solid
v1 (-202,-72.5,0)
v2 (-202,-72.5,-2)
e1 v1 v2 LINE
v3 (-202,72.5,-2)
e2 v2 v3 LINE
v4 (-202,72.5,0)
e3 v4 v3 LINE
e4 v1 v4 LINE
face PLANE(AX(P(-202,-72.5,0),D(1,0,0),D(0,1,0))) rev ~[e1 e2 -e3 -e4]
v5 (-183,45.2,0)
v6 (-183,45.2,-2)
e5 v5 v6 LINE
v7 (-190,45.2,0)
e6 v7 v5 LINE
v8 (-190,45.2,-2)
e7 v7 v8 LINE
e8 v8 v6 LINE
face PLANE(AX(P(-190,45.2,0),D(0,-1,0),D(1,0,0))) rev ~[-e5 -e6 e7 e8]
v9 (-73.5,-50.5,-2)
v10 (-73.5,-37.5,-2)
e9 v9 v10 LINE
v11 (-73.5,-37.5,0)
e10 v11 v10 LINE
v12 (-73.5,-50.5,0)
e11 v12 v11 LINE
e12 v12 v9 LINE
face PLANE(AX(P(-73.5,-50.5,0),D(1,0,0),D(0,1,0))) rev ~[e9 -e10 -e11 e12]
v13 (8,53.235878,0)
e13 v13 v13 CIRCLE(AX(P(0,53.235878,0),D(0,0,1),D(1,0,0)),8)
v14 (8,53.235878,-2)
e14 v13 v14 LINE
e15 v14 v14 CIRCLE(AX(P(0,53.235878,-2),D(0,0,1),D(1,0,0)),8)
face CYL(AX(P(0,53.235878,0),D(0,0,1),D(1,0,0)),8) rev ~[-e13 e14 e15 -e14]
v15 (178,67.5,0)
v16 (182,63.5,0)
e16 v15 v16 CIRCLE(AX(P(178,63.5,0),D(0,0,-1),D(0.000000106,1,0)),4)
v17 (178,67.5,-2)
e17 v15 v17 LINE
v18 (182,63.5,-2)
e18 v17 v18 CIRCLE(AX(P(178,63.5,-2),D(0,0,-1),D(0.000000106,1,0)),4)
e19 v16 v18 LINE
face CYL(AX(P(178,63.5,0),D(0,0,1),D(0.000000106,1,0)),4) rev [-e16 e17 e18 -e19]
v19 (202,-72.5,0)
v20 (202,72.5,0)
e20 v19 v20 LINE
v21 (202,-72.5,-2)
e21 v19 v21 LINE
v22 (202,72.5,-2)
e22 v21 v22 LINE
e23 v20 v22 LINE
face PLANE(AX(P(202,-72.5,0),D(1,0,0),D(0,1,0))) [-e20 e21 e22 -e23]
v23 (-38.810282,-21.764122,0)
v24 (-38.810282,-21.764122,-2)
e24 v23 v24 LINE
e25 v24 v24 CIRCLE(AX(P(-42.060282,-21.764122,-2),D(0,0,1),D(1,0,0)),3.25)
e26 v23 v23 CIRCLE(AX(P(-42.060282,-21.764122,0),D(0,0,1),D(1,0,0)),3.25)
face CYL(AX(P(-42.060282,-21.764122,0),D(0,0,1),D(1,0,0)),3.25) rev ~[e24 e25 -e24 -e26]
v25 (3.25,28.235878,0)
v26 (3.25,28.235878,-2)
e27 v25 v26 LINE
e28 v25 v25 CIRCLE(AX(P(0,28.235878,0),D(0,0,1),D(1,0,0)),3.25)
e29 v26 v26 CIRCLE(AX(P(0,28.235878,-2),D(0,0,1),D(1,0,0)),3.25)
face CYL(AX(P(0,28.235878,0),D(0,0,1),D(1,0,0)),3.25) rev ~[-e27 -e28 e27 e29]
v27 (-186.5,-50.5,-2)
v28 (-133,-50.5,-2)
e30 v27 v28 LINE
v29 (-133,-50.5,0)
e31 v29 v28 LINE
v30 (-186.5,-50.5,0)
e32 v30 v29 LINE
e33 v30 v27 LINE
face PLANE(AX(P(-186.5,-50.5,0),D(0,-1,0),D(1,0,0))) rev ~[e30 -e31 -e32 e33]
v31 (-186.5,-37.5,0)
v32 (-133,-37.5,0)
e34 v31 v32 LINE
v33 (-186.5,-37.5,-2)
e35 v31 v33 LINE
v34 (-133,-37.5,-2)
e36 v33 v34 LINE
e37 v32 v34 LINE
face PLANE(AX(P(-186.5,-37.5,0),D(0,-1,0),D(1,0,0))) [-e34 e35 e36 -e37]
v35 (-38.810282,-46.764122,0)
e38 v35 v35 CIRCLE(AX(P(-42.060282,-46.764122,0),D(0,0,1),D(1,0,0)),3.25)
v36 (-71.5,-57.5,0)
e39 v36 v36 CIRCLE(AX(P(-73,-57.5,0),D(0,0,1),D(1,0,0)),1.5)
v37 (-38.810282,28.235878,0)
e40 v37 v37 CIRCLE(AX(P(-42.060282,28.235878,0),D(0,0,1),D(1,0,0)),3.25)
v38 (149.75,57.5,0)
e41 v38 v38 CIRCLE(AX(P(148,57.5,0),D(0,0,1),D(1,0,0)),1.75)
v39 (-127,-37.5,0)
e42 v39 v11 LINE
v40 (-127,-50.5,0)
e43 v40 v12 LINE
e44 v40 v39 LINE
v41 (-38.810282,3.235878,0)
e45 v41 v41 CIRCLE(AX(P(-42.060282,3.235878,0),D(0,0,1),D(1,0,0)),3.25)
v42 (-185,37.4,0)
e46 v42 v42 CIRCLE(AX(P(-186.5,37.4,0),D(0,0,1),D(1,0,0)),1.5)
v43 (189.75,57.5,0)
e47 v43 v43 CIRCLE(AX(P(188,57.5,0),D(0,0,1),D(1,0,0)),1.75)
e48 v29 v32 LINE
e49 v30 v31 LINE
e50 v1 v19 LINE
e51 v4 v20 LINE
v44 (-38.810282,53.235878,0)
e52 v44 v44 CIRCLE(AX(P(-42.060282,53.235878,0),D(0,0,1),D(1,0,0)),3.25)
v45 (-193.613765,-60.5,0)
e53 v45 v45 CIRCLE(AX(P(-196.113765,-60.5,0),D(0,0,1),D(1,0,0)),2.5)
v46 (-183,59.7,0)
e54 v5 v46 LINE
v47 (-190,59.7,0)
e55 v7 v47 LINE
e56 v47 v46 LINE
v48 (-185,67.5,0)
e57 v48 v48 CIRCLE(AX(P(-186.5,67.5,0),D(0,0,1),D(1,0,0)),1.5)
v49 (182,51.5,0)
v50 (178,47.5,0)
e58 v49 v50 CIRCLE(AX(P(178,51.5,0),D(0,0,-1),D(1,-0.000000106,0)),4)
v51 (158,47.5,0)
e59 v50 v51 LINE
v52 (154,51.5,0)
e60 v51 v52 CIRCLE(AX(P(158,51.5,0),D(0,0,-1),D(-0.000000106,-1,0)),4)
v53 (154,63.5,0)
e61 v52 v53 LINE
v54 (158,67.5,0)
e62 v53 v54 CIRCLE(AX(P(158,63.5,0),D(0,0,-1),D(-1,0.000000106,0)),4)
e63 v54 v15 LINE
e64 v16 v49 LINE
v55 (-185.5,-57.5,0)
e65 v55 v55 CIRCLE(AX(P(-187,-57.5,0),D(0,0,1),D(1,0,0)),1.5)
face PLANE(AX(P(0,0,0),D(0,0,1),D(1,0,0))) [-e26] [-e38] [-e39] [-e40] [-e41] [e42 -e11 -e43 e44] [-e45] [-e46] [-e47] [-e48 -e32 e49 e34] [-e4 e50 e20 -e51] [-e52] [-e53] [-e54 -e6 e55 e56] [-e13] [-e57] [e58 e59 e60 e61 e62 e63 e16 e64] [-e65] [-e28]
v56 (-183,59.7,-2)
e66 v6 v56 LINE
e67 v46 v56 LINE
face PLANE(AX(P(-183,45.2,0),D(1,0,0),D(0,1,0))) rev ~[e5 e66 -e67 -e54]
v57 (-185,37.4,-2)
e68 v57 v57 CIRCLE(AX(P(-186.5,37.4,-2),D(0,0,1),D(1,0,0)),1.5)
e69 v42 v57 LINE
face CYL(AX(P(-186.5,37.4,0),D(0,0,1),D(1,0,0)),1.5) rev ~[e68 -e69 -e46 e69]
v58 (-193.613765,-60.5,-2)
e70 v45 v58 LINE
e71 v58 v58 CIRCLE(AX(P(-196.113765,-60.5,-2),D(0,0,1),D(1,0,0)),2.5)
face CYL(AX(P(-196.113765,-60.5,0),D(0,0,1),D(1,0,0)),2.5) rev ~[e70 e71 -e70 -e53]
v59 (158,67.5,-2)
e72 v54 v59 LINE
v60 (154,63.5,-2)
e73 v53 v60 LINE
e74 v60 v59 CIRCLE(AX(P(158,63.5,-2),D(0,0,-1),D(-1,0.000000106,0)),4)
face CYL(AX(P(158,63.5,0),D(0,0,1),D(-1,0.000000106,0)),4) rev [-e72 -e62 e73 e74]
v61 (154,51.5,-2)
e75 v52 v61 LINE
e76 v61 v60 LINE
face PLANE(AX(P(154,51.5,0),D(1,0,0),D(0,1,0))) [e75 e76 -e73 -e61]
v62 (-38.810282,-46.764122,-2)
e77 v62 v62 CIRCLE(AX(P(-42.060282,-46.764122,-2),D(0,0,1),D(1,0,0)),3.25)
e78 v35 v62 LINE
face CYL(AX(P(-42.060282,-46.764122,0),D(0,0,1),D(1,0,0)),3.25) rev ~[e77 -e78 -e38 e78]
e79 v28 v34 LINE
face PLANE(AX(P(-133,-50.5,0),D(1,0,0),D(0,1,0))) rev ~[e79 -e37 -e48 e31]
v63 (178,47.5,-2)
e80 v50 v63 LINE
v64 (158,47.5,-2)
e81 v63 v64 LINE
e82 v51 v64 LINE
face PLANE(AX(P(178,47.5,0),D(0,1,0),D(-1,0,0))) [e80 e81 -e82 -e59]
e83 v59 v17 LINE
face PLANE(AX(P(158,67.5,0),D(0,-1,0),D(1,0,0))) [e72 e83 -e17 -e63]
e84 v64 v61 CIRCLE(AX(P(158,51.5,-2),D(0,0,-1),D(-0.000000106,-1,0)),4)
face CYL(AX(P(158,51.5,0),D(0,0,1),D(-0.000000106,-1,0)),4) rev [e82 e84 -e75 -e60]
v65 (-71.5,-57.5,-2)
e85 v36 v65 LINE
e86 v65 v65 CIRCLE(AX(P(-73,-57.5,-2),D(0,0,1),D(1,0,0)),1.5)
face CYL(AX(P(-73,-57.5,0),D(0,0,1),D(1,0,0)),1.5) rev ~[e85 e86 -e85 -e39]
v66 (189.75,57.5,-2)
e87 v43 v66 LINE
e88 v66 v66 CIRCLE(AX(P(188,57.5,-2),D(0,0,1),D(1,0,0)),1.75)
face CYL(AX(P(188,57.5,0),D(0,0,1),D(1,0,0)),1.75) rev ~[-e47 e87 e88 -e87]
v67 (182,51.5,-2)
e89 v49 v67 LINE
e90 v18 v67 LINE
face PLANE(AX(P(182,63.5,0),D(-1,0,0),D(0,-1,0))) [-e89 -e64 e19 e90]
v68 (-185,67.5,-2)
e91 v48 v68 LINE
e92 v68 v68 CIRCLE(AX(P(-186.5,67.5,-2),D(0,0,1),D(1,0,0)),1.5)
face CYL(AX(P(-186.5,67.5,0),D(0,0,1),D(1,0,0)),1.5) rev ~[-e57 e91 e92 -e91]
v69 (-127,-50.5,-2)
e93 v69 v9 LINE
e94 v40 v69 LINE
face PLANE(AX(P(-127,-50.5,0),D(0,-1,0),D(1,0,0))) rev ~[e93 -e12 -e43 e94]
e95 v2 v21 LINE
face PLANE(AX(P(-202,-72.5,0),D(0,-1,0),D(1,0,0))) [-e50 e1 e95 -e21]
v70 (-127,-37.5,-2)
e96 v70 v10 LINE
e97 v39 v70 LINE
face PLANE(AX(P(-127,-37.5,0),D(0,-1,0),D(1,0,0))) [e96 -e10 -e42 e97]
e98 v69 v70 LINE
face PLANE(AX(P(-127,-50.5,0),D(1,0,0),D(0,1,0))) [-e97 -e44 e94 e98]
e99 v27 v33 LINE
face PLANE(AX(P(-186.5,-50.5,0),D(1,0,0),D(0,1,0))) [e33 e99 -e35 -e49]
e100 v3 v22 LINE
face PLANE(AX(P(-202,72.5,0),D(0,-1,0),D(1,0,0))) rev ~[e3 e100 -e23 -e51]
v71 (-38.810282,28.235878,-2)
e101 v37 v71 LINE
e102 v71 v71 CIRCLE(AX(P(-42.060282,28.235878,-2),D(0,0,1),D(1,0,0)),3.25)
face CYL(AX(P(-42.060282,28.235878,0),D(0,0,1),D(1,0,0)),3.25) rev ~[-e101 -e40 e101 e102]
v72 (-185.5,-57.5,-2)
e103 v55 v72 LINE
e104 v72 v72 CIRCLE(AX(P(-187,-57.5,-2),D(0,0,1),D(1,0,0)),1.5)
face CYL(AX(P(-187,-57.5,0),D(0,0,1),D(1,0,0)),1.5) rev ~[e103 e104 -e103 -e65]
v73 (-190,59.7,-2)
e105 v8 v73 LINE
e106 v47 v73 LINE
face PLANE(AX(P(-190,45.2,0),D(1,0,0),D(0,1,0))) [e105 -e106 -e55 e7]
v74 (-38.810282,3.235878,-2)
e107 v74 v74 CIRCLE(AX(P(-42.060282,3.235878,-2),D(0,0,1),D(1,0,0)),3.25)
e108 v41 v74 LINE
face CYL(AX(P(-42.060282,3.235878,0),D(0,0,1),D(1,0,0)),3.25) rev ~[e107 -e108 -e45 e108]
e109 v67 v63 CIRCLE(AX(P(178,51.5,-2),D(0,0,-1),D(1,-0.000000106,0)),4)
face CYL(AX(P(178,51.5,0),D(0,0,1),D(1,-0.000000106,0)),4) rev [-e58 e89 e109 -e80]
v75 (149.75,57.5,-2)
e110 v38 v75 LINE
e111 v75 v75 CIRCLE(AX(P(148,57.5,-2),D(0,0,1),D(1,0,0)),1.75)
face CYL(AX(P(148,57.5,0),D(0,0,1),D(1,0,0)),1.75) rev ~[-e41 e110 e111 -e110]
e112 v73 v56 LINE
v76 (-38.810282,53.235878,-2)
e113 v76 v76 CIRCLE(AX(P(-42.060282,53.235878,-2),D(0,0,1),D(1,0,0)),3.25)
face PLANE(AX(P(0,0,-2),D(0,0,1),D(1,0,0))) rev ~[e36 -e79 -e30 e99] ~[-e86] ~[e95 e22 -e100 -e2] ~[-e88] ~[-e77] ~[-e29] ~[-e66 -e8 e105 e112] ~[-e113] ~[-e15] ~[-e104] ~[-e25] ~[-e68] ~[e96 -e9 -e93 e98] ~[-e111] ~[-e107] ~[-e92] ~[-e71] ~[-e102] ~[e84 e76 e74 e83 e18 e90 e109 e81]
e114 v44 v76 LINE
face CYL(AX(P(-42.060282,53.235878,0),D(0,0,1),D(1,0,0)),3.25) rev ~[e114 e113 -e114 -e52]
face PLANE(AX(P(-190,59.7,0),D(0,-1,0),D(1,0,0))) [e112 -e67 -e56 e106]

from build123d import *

# Parameters (mm, degrees)
F0_W     = 404
F0_H     = 145
F0_R     = 2.5
F0_R_2   = 1.5
F0_W_2   = 53.5
F0_H_2   = 13
F0_R_3   = 3.25
F0_W_3   = 7
F0_H_3   = 14.5
F0_R_4   = 8
F0_R_5   = 1.75
F1_DEPTH = 2


with BuildPart() as f1:
    # F0 (on Top) → F1 (new body)
    with BuildSketch(Plane.XY):
        Rectangle(F0_W, F0_H)
        with Locations((-196.113765, -60.5)):
            Circle(F0_R, mode=Mode.SUBTRACT)
        with Locations((-187, -57.5)):
            Circle(F0_R_2, mode=Mode.SUBTRACT)
        with Locations((-159.75, -44)):
            Rectangle(F0_W_2, F0_H_2, mode=Mode.SUBTRACT)
        with Locations((-73, -57.5)):
            Circle(F0_R_2, mode=Mode.SUBTRACT)
        with Locations((-100.25, -44)):
            Rectangle(F0_W_2, F0_H_2, mode=Mode.SUBTRACT)
        with Locations((-42.060282, -46.764122)):
            Circle(F0_R_3, mode=Mode.SUBTRACT)
        with Locations((-42.060282, -21.764122)):
            Circle(F0_R_3, mode=Mode.SUBTRACT)
        with Locations((-42.060282, 3.235878)):
            Circle(F0_R_3, mode=Mode.SUBTRACT)
        with Locations((-42.060282, 28.235878)):
            Circle(F0_R_3, mode=Mode.SUBTRACT)
        with Locations((-186.5, 37.4)):
            Circle(F0_R_2, mode=Mode.SUBTRACT)
        with Locations((-186.5, 52.45)):
            Rectangle(F0_W_3, F0_H_3, mode=Mode.SUBTRACT)
        with Locations((-186.5, 67.5)):
            Circle(F0_R_2, mode=Mode.SUBTRACT)
        with Locations((-42.060282, 53.235878)):
            Circle(F0_R_3, mode=Mode.SUBTRACT)
        with Locations((0, 28.235878)):
            Circle(F0_R_3, mode=Mode.SUBTRACT)
        with Locations((0, 53.235878)):
            Circle(F0_R_4, mode=Mode.SUBTRACT)
        with Locations((148, 57.5)):
            Circle(F0_R_5, mode=Mode.SUBTRACT)
        with BuildLine():
            ThreePointArc((182, 51.5), (180.828427, 48.671573), (178, 47.5))
            Line((178, 47.5), (158, 47.5))
            ThreePointArc((158, 47.5), (155.171573, 48.671573), (154, 51.5))
            Line((154, 51.5), (154, 63.5))
            ThreePointArc((154, 63.5), (155.171573, 66.328427), (158, 67.5))
            Line((158, 67.5), (178, 67.5))
            ThreePointArc((178, 67.5), (180.828427, 66.328427), (182, 63.5))
            Line((182, 63.5), (182, 51.5))
        make_face(mode=Mode.SUBTRACT)
        with Locations((188, 57.5)):
            Circle(F0_R_5, mode=Mode.SUBTRACT)
    extrude(amount=-F1_DEPTH)


solid = f1.part
